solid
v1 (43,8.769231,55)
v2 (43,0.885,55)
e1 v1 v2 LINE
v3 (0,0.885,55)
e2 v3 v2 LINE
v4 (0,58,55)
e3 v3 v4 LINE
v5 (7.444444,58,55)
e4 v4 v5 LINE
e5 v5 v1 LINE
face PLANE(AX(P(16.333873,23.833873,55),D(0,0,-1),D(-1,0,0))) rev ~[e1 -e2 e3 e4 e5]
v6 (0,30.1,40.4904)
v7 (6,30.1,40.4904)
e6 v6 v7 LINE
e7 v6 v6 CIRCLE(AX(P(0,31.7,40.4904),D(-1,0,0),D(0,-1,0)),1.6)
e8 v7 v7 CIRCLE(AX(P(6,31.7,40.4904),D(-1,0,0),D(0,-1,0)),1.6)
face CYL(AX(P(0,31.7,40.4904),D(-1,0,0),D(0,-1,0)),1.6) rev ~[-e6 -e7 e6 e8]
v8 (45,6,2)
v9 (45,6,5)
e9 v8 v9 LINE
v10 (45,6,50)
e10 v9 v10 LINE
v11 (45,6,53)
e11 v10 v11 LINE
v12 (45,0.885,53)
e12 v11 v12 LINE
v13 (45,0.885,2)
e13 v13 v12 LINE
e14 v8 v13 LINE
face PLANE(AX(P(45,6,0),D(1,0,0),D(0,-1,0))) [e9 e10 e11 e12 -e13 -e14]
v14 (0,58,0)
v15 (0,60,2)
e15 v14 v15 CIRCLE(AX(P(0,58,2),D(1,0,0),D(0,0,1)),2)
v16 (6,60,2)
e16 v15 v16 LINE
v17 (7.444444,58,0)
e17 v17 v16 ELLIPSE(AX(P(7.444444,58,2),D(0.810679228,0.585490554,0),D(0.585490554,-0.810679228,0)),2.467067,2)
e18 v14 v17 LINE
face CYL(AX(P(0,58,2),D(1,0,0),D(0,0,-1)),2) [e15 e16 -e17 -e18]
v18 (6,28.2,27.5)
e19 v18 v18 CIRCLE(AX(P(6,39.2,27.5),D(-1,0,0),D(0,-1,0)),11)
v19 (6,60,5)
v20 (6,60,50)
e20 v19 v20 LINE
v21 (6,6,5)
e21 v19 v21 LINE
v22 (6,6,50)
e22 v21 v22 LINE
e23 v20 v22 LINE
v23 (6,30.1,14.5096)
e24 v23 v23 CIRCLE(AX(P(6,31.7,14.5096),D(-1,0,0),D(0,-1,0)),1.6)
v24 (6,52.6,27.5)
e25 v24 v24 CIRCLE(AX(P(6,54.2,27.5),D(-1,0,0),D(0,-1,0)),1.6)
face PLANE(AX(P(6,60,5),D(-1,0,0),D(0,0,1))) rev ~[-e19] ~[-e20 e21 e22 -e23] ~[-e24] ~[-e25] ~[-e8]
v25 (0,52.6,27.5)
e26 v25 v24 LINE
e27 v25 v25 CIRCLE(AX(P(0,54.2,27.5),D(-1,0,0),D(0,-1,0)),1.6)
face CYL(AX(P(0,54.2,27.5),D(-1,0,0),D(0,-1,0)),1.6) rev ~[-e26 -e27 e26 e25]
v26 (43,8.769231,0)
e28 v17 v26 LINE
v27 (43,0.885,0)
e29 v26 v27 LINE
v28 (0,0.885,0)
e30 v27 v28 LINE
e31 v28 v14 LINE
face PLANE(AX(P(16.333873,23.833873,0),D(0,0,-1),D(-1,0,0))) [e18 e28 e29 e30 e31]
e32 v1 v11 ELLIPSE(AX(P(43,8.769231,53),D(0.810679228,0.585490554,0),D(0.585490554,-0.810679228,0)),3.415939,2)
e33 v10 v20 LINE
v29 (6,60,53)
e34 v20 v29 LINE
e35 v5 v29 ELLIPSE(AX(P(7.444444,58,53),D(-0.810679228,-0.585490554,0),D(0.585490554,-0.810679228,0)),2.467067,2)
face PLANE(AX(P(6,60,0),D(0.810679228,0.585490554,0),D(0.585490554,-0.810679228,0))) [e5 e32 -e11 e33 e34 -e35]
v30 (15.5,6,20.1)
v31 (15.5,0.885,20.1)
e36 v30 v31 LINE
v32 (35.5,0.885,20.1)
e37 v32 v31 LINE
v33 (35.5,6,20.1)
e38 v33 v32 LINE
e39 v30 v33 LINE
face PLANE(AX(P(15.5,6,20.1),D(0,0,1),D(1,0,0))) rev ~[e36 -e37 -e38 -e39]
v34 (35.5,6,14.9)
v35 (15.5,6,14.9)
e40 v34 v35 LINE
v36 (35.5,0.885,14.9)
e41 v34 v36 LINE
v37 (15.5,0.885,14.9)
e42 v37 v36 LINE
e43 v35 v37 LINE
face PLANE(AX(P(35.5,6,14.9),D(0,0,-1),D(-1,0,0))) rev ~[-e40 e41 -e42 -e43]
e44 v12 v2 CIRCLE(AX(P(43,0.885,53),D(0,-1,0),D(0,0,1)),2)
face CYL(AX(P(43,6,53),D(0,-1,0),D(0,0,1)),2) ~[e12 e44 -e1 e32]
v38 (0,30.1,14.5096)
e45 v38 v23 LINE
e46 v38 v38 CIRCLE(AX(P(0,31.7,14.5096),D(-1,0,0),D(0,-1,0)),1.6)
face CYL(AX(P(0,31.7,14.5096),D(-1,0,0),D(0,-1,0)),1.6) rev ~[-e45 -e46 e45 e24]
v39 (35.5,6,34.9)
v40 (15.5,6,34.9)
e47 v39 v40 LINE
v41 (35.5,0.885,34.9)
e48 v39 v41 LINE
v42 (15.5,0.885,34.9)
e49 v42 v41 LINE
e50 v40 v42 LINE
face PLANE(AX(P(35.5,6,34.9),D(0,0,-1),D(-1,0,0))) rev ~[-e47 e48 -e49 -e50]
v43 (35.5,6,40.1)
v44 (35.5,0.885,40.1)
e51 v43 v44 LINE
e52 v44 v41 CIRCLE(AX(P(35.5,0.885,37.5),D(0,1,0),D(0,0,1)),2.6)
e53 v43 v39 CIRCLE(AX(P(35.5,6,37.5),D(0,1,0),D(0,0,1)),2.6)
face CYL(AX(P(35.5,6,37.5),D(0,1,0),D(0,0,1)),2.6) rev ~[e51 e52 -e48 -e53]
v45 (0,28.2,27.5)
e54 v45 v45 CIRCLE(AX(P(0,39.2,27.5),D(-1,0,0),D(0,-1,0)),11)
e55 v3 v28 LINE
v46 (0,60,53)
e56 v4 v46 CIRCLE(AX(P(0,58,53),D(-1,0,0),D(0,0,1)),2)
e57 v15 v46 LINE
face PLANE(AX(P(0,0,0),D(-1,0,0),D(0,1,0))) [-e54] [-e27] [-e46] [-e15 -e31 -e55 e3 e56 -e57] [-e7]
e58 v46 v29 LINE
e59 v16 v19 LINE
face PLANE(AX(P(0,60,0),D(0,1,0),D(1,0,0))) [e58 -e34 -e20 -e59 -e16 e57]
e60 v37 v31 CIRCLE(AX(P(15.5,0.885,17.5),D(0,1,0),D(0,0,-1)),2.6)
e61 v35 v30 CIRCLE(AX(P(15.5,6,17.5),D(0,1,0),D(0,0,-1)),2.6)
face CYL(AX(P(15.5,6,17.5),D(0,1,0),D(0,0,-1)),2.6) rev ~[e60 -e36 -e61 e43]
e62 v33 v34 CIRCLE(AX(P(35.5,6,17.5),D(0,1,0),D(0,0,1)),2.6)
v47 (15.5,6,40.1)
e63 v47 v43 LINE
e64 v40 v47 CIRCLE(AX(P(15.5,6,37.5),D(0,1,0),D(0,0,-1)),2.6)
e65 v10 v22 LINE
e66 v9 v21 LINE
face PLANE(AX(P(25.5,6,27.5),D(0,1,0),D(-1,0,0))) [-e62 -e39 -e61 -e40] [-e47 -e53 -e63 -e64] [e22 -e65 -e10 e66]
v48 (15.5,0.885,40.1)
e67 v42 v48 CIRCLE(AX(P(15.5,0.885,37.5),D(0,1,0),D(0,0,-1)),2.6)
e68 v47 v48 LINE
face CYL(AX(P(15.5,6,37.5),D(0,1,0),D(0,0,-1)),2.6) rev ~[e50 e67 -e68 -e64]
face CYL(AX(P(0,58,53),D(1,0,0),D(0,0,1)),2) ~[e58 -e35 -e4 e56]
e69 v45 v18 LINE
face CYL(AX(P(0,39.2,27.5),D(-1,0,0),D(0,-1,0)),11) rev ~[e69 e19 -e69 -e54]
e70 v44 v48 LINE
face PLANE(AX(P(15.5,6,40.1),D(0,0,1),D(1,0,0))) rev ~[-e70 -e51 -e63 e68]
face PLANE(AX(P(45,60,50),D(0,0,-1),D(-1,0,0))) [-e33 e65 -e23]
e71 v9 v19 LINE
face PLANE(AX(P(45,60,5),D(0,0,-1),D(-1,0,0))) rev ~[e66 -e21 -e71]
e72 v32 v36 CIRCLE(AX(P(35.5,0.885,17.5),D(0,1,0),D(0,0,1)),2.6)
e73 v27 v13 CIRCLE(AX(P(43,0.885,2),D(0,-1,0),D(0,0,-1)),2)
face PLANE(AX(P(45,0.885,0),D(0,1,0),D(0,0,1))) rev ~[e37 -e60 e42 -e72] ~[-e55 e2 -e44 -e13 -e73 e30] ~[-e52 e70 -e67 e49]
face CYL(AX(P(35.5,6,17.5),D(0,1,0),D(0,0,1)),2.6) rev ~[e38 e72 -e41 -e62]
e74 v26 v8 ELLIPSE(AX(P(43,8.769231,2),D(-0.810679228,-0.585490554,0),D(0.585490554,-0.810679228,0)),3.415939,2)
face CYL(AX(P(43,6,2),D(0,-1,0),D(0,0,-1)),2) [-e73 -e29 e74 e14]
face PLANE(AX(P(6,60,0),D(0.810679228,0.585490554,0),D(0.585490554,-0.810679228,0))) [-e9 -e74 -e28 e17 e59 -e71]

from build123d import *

# Parameters (mm, degrees)
PAD_DEPTH       = 55
SKETCH001_W     = 39
SKETCH001_H     = 45
POCKET_DEPTH    = 54
SKETCH002_R     = 11
SKETCH002_R_2   = 1.6
POCKET001_DEPTH = 45.001
POCKET002_DEPTH = 6.001
FILLET_R        = 2
SKETCH004_W     = 0.885
SKETCH004_H     = 58.852348
POCKET003_DEPTH = 45.001


with BuildPart() as part:
    # Sketch → Pad (new body)
    with BuildSketch(Plane.XY):
        Polygon((0, 0), (0, 60), (6, 60), (45, 6), (45, 0), align=None)
    extrude(amount=PAD_DEPTH)

    # Sketch001 (on Face2 of Pad) → Pocket (cut)
    with BuildSketch(Plane(origin=(0, 60, 0), x_dir=(-1, 0, 0), z_dir=(0, 1, 0))):
        with Locations((-25.5, 27.5)):
            Rectangle(SKETCH001_W, SKETCH001_H)
    extrude(amount=-POCKET_DEPTH, mode=Mode.SUBTRACT)

    # Sketch002 (on Face1 of Pocket) → Pocket001 (cut, through all)
    with BuildSketch(Plane(origin=(0, 0, 0), x_dir=(0, -1, 0), z_dir=(-1, 0, 0))):
        with Locations((-39.2, 27.5)):
            Circle(SKETCH002_R)
        with Locations((-54.2, 27.5)):
            Circle(SKETCH002_R_2)
        with Locations((-31.7, 40.4904)):
            Circle(SKETCH002_R_2)
        with Locations((-31.7, 14.5096)):
            Circle(SKETCH002_R_2)
    extrude(amount=-POCKET001_DEPTH, mode=Mode.SUBTRACT)

    # Sketch003 (on Face14 of Pocket001) → Pocket002 (cut, through all)
    with BuildSketch(Plane(origin=(0, 6, 0), x_dir=(-1, 0, 0), z_dir=(0, 1, 0))):
        with BuildLine():
            ThreePointArc((-35.5, 40.1), (-38.1, 37.5), (-35.5, 34.9))
            Line((-35.5, 34.9), (-15.5, 34.9))
            ThreePointArc((-15.5, 34.9), (-12.9, 37.5), (-15.5, 40.1))
            Line((-15.5, 40.1), (-35.5, 40.1))
        make_face()
        with BuildLine():
            ThreePointArc((-35.5, 20.1), (-38.1, 17.5), (-35.5, 14.9))
            Line((-35.5, 14.9), (-15.5, 14.9))
            ThreePointArc((-15.5, 14.9), (-12.9, 17.5), (-15.5, 20.1))
            Line((-15.5, 20.1), (-35.5, 20.1))
        make_face()
    extrude(amount=-POCKET002_DEPTH, mode=Mode.SUBTRACT)

    # Fillet
    fillet_edges = [part.edges().sort_by_distance(p)[0] for p in [
        (3, 60, 55),
        (3, 60, 0),
        (45, 3, 0),
        (45, 3, 55),
    ]]
    fillet(fillet_edges, radius=FILLET_R)

    # Sketch004 (on Face14 of Fillet) → Pocket003 (cut, through all)
    with BuildSketch(Plane.YZ.offset(45)):
        with Locations((0.4425, 29.426174)):
            Rectangle(SKETCH004_W, SKETCH004_H)
    extrude(amount=-POCKET003_DEPTH, mode=Mode.SUBTRACT)


solid = part.part
